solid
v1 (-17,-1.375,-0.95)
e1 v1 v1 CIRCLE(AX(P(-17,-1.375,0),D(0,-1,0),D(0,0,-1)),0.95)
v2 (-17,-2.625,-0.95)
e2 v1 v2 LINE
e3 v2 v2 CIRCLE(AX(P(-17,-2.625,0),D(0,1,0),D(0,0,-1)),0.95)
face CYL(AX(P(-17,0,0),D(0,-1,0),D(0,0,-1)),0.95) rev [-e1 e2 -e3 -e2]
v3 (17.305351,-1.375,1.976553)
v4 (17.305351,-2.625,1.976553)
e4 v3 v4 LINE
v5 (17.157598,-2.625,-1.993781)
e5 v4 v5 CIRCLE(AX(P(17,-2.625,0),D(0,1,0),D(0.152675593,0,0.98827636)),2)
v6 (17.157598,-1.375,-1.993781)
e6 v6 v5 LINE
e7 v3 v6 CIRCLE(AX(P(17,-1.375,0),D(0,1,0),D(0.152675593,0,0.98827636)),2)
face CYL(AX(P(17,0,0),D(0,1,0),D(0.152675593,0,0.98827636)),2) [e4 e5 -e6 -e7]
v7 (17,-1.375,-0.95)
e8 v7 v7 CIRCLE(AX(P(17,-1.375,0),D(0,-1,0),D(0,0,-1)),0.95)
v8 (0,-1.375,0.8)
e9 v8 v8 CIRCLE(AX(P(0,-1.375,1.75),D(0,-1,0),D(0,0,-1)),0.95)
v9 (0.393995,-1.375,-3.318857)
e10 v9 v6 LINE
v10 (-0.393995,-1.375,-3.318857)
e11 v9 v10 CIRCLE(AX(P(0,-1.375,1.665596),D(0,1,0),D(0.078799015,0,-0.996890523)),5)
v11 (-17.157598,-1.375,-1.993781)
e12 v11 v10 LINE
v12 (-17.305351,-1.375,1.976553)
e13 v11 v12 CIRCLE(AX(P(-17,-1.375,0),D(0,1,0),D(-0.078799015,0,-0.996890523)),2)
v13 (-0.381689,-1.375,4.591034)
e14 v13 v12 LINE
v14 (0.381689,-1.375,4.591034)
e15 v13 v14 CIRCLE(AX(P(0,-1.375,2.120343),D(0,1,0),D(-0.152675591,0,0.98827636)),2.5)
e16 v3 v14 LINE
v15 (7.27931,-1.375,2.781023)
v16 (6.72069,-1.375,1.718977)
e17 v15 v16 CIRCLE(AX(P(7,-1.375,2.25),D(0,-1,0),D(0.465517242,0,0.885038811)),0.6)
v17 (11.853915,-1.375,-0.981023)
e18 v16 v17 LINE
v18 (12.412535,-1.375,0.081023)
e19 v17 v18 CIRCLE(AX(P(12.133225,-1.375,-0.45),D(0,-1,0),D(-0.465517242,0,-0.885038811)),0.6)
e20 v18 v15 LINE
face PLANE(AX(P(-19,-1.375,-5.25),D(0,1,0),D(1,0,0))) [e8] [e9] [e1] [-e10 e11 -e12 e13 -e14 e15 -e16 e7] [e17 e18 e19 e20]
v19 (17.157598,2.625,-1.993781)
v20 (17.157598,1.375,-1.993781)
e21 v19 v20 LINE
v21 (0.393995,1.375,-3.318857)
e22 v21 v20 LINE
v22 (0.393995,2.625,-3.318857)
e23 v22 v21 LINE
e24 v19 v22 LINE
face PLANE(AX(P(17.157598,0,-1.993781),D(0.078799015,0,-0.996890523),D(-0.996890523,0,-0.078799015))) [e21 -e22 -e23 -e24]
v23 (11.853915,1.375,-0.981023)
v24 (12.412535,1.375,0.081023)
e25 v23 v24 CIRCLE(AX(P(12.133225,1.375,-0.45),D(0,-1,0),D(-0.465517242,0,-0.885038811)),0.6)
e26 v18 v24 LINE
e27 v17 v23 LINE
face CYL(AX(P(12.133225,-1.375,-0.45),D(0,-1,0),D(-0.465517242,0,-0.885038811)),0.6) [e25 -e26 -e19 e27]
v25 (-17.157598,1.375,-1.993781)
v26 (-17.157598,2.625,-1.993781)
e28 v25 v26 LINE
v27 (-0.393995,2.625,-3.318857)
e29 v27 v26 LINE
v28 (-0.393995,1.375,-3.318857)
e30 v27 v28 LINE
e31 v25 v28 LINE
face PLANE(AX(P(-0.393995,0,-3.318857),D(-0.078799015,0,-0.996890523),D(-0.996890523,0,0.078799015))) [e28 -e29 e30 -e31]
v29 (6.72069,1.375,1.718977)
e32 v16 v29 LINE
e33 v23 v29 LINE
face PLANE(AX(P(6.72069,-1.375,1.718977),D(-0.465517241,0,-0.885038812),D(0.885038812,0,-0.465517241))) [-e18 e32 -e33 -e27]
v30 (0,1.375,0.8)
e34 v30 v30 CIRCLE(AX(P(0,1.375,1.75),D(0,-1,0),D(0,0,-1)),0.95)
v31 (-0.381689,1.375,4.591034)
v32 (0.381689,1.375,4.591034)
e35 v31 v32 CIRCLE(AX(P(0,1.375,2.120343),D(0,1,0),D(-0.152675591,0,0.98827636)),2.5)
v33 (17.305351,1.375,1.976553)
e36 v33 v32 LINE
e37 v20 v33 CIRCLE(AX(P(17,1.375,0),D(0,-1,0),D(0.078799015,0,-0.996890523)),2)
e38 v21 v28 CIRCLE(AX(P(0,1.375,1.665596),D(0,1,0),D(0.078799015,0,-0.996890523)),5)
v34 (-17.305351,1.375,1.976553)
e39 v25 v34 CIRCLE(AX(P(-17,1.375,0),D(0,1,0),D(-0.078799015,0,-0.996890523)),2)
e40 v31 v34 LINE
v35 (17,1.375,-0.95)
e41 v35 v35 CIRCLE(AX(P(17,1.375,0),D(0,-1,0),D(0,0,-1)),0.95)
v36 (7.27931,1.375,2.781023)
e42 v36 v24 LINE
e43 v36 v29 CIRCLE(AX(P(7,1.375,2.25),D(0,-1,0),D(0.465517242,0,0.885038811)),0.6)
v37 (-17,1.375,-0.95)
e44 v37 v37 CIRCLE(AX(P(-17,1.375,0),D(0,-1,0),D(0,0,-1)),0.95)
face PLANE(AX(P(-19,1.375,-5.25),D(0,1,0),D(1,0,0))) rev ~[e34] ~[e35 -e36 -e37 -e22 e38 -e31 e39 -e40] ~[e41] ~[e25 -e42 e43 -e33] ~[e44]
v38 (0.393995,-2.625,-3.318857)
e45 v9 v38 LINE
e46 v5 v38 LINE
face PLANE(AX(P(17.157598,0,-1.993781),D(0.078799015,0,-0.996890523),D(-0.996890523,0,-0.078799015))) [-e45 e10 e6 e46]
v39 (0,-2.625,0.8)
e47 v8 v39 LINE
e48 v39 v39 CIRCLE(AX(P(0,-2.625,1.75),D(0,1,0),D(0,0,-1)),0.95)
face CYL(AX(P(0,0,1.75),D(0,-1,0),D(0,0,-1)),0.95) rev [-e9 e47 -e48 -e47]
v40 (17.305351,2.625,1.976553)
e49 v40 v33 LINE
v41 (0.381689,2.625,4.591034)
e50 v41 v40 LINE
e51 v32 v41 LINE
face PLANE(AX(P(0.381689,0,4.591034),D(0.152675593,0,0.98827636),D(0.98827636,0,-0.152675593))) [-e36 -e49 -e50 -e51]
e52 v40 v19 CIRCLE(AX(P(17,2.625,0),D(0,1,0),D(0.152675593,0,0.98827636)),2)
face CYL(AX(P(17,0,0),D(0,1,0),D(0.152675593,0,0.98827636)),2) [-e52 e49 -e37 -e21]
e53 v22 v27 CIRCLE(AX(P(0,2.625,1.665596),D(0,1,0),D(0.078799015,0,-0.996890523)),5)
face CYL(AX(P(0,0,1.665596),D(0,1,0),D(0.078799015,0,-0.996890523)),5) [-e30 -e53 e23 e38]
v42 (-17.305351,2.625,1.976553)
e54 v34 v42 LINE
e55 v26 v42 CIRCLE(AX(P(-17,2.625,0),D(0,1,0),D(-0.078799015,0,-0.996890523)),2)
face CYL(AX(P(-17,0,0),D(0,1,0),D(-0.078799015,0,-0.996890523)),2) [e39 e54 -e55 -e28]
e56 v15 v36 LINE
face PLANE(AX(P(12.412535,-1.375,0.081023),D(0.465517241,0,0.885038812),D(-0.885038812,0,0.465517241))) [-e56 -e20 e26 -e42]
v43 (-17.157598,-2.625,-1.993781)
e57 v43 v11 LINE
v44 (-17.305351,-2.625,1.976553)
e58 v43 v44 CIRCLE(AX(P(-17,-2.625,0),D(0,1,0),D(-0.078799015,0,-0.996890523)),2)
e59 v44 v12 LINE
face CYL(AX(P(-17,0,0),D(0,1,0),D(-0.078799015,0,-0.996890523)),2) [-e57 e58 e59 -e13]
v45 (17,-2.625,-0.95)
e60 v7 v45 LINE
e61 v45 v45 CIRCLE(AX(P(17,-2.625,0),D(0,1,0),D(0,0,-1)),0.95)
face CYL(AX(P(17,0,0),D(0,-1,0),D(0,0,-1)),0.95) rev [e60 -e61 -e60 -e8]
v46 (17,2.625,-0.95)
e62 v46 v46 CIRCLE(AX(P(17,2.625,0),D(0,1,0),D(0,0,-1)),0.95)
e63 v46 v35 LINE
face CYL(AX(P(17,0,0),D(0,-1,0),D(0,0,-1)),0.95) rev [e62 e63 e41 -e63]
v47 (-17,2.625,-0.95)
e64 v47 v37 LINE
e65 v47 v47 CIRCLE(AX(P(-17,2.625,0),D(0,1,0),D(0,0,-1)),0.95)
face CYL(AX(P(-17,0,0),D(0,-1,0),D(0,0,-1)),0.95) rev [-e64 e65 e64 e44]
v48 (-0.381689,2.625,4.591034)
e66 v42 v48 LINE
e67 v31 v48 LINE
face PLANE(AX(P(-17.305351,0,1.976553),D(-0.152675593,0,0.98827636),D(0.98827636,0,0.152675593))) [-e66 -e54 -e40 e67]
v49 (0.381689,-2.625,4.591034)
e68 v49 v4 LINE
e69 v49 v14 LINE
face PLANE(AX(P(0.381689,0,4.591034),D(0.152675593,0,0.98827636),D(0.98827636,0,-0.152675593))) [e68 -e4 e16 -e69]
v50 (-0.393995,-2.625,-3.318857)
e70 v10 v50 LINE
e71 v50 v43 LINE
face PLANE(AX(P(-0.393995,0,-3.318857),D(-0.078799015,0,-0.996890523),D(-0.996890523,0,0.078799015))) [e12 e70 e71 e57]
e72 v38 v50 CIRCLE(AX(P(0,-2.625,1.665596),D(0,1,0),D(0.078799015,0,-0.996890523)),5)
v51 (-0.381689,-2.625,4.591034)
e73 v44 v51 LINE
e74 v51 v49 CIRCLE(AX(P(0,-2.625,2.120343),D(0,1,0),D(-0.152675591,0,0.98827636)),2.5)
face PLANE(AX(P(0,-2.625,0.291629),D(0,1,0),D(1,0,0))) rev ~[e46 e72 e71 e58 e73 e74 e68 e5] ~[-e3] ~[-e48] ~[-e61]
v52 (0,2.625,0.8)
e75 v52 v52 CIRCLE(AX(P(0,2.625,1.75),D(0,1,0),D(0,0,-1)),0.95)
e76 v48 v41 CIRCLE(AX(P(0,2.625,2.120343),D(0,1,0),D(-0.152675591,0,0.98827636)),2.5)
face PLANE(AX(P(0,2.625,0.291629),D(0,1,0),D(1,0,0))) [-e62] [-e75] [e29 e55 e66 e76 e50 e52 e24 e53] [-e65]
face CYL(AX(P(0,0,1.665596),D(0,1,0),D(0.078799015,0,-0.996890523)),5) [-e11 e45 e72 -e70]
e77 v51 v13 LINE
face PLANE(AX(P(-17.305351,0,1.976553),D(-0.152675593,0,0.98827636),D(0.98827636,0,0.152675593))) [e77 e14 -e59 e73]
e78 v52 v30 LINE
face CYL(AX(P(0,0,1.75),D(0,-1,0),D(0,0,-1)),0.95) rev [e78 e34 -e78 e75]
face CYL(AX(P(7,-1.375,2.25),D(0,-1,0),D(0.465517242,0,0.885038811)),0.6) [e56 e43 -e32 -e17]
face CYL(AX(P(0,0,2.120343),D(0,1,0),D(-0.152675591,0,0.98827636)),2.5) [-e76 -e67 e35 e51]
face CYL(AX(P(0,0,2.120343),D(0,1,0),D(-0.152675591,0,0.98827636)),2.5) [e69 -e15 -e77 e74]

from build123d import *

# Parameters (mm, degrees)
SKETCH1_R                = 0.95
BOSS_EXTRUDE1_DEPTH      = 2.625
CUT_EXTRUDE1_DEPTH       = 20.729120518
CUT_EXTRUDE1_DEPTH_BACK  = 5.25
SKETCH2_W                = 38
SKETCH2_H                = 2.75
BOSS_EXTRUDE2_DEPTH      = 2.625
BOSS_EXTRUDE2_DEPTH_BACK = 1.375


with BuildPart() as part:
    # Sketch1 → Boss-Extrude1 (new, symmetric)
    with BuildSketch(Plane(origin=(0, 0, 0), x_dir=(1, 0, 0), z_dir=(0, 1, 0))):
        with BuildLine():
            Line((-0.393995074, 3.318856737), (-17.15759803, 1.993781046))
            ThreePointArc((-17.15759803, 1.993781046), (-18.998616533, 0.074377097), (-17.305351185, -1.97655272))
            Line((-17.305351185, -1.97655272), (-0.381688981, -4.591034114))
            ThreePointArc((-0.381688981, -4.591034114), (0, -4.620343214), (0.381688981, -4.591034114))
            Line((0.381688981, -4.591034114), (17.305351185, -1.97655272))
            ThreePointArc((17.305351185, -1.97655272), (18.998616533, 0.074377097), (17.15759803, 1.993781046))
            Line((17.15759803, 1.993781046), (0.393995074, 3.318856737))
            ThreePointArc((0.393995074, 3.318856737), (0, 3.334404121), (-0.393995074, 3.318856737))
        make_face()
        with Locations(Location((-17, 0, 0), (0, 0, 90))):
            Circle(SKETCH1_R, mode=Mode.SUBTRACT)
        with Locations(Location((17, 0, 0), (0, 0, 90))):
            Circle(SKETCH1_R, mode=Mode.SUBTRACT)
        with Locations(Location((0, -1.75, 0), (0, 0, 90))):
            Circle(SKETCH1_R, mode=Mode.SUBTRACT)
    extrude(amount=BOSS_EXTRUDE1_DEPTH, both=True)

    # Sketch2 → Cut-Extrude1 (cut, two sides: drawn at the far end of the back side and taken through both)
    with BuildSketch(Plane.XY.offset(-CUT_EXTRUDE1_DEPTH_BACK)):
        Rectangle(SKETCH2_W, SKETCH2_H)
    extrude(amount=CUT_EXTRUDE1_DEPTH + CUT_EXTRUDE1_DEPTH_BACK, mode=Mode.SUBTRACT)


with BuildPart() as cut_extrude1_piece_1:
    # of the separate pieces the step leaves, piece 1, a body of its own (cut_extrude1_pieces)
    add(part.part.solids().sort_by_distance((17.15759803, 2.625, -1.993781046))[0])



with BuildPart() as cut_extrude1_piece_2:
    # of the separate pieces the step leaves, piece 2, a body of its own (cut_extrude1_pieces)
    add(part.part.solids().sort_by_distance((17.15759803, -1.375, -1.993781046))[0])


with BuildPart() as cut_extrude1_piece_1_1:
    add(cut_extrude1_piece_1.part)

    add(cut_extrude1_piece_2.part)  # Boss-Extrude2 merges Cut-Extrude1 piece 2
    # Sketch3 → Boss-Extrude2 (add, two sides: drawn at the far end of the back side and taken through both)
    with BuildSketch(Plane(origin=(0, 0, 0), x_dir=(1, 0, 0), z_dir=(0, 1, 0)).offset(-BOSS_EXTRUDE2_DEPTH_BACK)):
        with BuildLine():
            Line((12.412535452, -0.081023287), (7.279310345, -2.781023287))
            ThreePointArc((7.279310345, -2.781023287), (6.468976713, -2.529310345), (6.720689655, -1.718976713))
            Line((6.720689655, -1.718976713), (11.853914762, 0.981023287))
            ThreePointArc((11.853914762, 0.981023287), (12.664248394, 0.729310345), (12.412535452, -0.081023287))
        make_face()
    extrude(amount=BOSS_EXTRUDE2_DEPTH + BOSS_EXTRUDE2_DEPTH_BACK)


solid = cut_extrude1_piece_1_1.part
